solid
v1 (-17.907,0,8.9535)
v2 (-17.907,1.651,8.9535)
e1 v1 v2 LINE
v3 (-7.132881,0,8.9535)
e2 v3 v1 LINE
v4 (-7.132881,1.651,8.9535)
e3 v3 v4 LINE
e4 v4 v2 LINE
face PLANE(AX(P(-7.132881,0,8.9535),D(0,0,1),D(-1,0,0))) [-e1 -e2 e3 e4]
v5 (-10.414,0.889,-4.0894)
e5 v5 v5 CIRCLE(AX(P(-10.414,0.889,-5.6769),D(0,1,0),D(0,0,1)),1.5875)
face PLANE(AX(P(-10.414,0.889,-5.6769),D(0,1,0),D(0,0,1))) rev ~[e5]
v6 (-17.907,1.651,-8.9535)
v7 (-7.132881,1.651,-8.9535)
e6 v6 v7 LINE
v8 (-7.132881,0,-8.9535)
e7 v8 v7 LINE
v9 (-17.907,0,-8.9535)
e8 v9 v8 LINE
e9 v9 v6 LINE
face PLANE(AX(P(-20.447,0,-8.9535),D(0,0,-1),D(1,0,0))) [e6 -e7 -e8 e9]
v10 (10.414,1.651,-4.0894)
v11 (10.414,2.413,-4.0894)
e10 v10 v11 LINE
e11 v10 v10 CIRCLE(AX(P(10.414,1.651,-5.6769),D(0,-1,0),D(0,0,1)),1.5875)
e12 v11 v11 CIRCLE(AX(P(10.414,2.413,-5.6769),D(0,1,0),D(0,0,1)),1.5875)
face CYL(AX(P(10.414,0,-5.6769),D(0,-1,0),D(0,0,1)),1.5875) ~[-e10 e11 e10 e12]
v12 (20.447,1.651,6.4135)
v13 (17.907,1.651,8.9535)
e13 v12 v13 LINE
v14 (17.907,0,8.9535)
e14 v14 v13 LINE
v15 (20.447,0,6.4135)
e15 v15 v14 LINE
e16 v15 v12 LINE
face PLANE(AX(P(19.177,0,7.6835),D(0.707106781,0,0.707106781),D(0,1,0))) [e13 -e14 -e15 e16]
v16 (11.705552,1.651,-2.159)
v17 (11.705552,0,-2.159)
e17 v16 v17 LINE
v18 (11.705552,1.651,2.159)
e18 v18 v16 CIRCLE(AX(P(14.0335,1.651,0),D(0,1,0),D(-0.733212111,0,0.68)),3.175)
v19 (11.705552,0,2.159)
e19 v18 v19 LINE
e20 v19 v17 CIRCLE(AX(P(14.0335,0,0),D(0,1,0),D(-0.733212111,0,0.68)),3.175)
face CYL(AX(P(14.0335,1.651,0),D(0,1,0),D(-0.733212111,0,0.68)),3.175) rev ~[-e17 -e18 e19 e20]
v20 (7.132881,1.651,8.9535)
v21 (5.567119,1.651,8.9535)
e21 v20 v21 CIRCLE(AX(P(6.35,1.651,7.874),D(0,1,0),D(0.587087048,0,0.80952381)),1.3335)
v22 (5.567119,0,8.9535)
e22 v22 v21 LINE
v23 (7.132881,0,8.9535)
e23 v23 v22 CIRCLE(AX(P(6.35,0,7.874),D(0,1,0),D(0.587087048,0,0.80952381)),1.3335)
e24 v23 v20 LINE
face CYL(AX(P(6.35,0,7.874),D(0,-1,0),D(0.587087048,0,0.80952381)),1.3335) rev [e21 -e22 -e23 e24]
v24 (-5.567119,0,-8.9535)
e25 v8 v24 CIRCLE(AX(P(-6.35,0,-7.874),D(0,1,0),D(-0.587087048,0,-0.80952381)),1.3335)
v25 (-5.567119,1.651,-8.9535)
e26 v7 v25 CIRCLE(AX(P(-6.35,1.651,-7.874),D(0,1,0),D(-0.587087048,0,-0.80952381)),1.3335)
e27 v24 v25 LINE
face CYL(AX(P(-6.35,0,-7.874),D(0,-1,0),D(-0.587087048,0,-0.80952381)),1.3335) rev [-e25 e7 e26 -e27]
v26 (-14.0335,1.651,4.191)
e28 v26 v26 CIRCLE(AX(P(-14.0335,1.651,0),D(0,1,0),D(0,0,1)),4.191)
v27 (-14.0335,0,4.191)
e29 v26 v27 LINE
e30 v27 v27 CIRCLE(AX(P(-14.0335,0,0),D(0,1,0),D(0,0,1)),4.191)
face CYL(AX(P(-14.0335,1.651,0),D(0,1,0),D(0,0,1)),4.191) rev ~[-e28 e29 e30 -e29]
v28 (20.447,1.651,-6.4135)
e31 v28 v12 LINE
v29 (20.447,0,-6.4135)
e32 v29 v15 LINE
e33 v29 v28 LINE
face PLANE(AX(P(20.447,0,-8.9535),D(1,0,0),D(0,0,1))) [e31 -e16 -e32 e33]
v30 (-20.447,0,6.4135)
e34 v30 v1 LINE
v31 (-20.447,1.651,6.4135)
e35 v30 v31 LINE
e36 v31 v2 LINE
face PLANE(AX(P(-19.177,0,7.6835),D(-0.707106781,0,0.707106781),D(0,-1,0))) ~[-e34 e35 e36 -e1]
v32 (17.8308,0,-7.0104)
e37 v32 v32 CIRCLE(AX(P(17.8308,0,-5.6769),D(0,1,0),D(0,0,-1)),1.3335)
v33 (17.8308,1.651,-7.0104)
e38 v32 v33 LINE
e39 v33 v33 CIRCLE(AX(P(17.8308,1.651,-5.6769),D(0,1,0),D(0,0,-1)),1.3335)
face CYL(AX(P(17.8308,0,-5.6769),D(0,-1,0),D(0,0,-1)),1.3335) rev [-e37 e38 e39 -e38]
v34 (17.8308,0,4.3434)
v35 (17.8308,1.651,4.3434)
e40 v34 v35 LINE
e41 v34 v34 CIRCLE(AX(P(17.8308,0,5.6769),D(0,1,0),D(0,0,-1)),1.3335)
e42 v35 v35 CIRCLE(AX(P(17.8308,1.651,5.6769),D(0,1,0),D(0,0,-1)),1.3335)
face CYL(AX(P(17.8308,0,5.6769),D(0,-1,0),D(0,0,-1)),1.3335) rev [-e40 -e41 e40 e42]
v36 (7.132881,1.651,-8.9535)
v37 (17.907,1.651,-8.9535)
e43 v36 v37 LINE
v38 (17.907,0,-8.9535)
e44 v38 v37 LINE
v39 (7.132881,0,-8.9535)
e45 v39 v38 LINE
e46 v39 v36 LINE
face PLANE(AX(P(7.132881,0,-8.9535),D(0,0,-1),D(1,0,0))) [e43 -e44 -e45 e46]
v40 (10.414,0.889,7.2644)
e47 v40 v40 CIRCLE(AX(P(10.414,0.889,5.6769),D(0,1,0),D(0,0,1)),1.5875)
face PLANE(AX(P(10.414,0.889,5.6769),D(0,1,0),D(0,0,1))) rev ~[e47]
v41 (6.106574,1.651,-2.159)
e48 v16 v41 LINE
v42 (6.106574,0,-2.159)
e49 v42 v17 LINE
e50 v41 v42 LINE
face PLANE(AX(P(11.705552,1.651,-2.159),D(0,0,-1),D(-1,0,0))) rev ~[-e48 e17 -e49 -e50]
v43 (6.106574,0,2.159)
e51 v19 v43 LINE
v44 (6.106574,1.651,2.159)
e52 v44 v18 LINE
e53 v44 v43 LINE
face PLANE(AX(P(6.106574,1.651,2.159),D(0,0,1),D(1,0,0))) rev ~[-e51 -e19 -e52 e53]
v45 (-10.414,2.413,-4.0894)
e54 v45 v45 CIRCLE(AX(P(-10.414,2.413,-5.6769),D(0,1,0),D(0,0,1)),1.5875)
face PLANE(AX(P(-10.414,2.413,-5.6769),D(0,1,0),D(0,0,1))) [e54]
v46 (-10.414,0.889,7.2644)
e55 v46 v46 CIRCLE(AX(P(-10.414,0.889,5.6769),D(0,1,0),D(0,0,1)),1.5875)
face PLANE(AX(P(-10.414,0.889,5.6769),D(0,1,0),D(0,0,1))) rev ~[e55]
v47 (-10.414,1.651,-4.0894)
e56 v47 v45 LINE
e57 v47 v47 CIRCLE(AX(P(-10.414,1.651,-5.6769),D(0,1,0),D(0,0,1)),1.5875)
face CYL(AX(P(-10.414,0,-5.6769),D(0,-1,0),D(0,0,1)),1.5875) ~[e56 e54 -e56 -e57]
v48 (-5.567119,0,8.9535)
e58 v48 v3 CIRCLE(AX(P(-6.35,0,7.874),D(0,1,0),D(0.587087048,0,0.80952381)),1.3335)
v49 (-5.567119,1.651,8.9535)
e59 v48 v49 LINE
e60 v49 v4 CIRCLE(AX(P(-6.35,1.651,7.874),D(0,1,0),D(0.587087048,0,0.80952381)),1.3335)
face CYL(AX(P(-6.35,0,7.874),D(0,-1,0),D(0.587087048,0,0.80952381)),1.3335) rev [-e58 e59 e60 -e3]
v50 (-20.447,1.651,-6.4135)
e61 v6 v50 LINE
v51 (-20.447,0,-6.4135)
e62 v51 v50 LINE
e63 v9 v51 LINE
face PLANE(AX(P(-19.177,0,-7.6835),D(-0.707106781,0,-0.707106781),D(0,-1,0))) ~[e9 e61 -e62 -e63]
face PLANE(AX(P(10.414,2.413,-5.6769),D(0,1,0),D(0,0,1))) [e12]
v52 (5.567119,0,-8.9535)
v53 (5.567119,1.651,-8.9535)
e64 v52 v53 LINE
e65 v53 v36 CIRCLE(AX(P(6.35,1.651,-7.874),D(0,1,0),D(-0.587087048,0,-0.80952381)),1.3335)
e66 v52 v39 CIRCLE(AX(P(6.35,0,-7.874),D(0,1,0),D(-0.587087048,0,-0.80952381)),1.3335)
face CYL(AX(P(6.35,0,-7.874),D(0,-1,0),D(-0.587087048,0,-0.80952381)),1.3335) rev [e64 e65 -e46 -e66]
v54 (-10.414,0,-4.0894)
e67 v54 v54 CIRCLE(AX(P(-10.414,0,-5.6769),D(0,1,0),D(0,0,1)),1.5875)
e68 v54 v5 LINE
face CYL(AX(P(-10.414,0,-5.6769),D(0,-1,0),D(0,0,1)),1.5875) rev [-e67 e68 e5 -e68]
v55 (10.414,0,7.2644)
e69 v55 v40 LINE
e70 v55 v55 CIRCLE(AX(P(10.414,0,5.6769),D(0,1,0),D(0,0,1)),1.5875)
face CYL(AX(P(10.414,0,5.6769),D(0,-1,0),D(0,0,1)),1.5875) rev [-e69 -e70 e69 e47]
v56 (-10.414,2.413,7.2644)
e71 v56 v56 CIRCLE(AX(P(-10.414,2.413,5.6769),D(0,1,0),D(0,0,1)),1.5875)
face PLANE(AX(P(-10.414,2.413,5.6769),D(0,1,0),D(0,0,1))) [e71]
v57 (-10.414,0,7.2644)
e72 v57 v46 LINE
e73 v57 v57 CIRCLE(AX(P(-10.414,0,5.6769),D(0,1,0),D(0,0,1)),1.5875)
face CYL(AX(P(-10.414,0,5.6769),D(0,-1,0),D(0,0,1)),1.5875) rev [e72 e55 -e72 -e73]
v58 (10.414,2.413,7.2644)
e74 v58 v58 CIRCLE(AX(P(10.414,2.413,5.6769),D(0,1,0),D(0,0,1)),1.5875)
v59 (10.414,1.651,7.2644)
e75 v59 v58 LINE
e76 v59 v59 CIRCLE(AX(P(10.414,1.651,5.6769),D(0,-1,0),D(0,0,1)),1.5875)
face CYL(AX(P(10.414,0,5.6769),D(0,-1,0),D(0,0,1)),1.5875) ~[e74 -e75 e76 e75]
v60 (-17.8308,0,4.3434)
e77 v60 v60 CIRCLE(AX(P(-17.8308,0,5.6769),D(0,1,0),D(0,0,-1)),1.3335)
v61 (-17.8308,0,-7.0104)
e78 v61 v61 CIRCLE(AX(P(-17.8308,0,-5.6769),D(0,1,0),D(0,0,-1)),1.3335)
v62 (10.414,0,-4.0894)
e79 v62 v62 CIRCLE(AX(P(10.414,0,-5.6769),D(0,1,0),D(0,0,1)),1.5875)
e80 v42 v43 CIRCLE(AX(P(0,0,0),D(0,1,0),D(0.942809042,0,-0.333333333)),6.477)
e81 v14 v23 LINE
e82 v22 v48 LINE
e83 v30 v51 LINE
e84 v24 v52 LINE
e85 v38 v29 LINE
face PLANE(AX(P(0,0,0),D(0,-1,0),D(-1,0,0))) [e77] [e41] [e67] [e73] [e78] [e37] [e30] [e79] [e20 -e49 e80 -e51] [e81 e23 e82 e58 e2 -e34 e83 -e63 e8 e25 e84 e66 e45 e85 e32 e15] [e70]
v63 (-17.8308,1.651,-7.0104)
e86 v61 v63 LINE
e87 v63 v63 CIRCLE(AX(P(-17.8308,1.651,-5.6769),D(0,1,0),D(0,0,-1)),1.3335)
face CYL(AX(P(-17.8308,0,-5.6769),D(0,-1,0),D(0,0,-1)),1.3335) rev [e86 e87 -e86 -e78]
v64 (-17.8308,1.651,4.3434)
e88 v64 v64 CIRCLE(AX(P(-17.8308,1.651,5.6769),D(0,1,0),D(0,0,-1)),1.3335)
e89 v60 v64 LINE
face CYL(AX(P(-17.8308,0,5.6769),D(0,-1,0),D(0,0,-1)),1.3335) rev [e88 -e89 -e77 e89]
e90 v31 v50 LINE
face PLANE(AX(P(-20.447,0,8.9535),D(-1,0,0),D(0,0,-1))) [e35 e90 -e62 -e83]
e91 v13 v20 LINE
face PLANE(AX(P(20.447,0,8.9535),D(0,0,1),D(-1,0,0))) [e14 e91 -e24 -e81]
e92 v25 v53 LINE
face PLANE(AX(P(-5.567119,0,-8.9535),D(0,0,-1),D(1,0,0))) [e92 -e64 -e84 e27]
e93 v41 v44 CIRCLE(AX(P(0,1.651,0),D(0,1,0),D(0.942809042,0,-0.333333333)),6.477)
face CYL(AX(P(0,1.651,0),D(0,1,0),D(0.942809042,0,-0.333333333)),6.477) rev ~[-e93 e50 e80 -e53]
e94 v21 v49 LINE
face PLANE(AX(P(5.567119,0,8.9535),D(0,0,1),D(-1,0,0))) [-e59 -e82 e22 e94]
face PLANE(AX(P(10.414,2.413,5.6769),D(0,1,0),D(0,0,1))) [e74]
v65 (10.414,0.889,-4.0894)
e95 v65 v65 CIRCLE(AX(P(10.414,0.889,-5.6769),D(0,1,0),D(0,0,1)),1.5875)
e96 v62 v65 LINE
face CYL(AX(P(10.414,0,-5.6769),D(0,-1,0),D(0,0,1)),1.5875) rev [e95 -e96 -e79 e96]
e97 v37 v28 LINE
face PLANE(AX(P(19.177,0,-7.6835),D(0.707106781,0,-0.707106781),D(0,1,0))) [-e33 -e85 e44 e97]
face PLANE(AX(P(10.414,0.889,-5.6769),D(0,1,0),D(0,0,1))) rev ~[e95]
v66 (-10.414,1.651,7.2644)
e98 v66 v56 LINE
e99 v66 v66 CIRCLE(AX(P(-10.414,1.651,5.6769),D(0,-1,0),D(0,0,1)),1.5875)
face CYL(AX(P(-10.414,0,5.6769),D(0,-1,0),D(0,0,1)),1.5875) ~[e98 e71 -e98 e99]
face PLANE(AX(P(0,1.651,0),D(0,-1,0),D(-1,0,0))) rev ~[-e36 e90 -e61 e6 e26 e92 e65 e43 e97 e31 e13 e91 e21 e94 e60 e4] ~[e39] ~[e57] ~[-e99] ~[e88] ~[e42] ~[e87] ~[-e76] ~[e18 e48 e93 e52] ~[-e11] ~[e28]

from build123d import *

# Parameters (mm, degrees)
SKETCH1_R           = 1.3335
SKETCH1_R_2         = 1.5875
BOSS_EXTRUDE1_DEPTH = 1.651
CHAMFER1_SIZE       = 2.54
SKETCH1_2_R         = 1.5875
BOSS_EXTRUDE2_DEPTH = 2.413
SKETCH1_3_R         = 1.5875
CUT_EXTRUDE1_DEPTH  = 0.889
SKETCH5_R           = 4.191
CUT_EXTRUDE5_DEPTH  = 23.382376376


with BuildPart() as part:
    # Sketch1 → Boss-Extrude1 (new body)
    with BuildSketch(Plane(origin=(0, 0, 0), x_dir=(1, 0, 0), z_dir=(0, 1, 0))):
        with BuildLine():
            Line((-5.567119422, 8.9535), (5.567119422, 8.9535))
            ThreePointArc((5.567119422, 8.9535), (6.35, 6.5405), (7.132880578, 8.9535))
            Line((7.132880578, 8.9535), (20.447, 8.9535))
            Line((20.447, 8.9535), (20.447, -8.9535))
            Line((20.447, -8.9535), (7.132880578, -8.9535))
            ThreePointArc((7.132880578, -8.9535), (6.35, -6.5405), (5.567119422, -8.9535))
            Line((5.567119422, -8.9535), (-5.567119422, -8.9535))
            ThreePointArc((-5.567119422, -8.9535), (-6.35, -6.5405), (-7.132880578, -8.9535))
            Line((-7.132880578, -8.9535), (-20.447, -8.9535))
            Line((-20.447, -8.9535), (-20.447, 8.9535))
            Line((-20.447, 8.9535), (-7.132880578, 8.9535))
            ThreePointArc((-7.132880578, 8.9535), (-6.35, 6.5405), (-5.567119422, 8.9535))
        make_face()
        with Locations((-17.8308, 5.6769)):
            Circle(SKETCH1_R, mode=Mode.SUBTRACT)
        with Locations((17.8308, 5.6769)):
            Circle(SKETCH1_R, mode=Mode.SUBTRACT)
        with Locations((17.8308, -5.6769)):
            Circle(SKETCH1_R, mode=Mode.SUBTRACT)
        with Locations((-17.8308, -5.6769)):
            Circle(SKETCH1_R, mode=Mode.SUBTRACT)
        with Locations((-10.414, 5.6769)):
            Circle(SKETCH1_R_2, mode=Mode.SUBTRACT)
        with Locations((10.414, 5.6769)):
            Circle(SKETCH1_R_2, mode=Mode.SUBTRACT)
        with Locations((10.414, -5.6769)):
            Circle(SKETCH1_R_2, mode=Mode.SUBTRACT)
        with Locations((-10.414, -5.6769)):
            Circle(SKETCH1_R_2, mode=Mode.SUBTRACT)
    extrude(amount=BOSS_EXTRUDE1_DEPTH)

    # Chamfer1
    chamfer1_edges = [part.edges().sort_by_distance(p)[0] for p in [
        (-20.447, 0.8255, 8.9535),
        (-20.447, 0.8255, -8.9535),
        (20.447, 0.8255, -8.9535),
        (20.447, 0.8255, 8.9535),
    ]]
    chamfer(chamfer1_edges, length=CHAMFER1_SIZE)

    # Sketch1<2> → Boss-Extrude2 (add)
    with BuildSketch(Plane(origin=(0, 0, 0), x_dir=(1, 0, 0), z_dir=(0, 1, 0))):
        with Locations((-10.414, 5.6769)):
            Circle(SKETCH1_2_R)
        with Locations((10.414, 5.6769)):
            Circle(SKETCH1_2_R)
        with Locations((10.414, -5.6769)):
            Circle(SKETCH1_2_R)
        with Locations((-10.414, -5.6769)):
            Circle(SKETCH1_2_R)
    extrude(amount=BOSS_EXTRUDE2_DEPTH)

    # Sketch1<3> → Cut-Extrude1 (cut)
    with BuildSketch(Plane(origin=(0, 0, 0), x_dir=(1, 0, 0), z_dir=(0, 1, 0))):
        with Locations((-10.414, 5.6769)):
            Circle(SKETCH1_3_R)
        with Locations((10.414, 5.6769)):
            Circle(SKETCH1_3_R)
        with Locations((10.414, -5.6769)):
            Circle(SKETCH1_3_R)
        with Locations((-10.414, -5.6769)):
            Circle(SKETCH1_3_R)
    extrude(amount=CUT_EXTRUDE1_DEPTH, mode=Mode.SUBTRACT)

    # Sketch5 → Cut-Extrude5 (cut, through all)
    with BuildSketch(Plane(origin=(0, 1.651, 0), x_dir=(1, 0, 0), z_dir=(0, 1, 0))):
        with Locations((-14.0335, 0)):
            Circle(SKETCH5_R)
        with BuildLine():
            Line((6.106574162, -2.159), (11.705551547, -2.159))
            ThreePointArc((11.705551547, -2.159), (17.2085, 0), (11.705551547, 2.159))
            Line((11.705551547, 2.159), (6.106574162, 2.159))
            ThreePointArc((6.106574162, 2.159), (-6.477, 0), (6.106574162, -2.159))
        make_face()
    extrude(amount=-CUT_EXTRUDE5_DEPTH, mode=Mode.SUBTRACT)


solid = part.part
